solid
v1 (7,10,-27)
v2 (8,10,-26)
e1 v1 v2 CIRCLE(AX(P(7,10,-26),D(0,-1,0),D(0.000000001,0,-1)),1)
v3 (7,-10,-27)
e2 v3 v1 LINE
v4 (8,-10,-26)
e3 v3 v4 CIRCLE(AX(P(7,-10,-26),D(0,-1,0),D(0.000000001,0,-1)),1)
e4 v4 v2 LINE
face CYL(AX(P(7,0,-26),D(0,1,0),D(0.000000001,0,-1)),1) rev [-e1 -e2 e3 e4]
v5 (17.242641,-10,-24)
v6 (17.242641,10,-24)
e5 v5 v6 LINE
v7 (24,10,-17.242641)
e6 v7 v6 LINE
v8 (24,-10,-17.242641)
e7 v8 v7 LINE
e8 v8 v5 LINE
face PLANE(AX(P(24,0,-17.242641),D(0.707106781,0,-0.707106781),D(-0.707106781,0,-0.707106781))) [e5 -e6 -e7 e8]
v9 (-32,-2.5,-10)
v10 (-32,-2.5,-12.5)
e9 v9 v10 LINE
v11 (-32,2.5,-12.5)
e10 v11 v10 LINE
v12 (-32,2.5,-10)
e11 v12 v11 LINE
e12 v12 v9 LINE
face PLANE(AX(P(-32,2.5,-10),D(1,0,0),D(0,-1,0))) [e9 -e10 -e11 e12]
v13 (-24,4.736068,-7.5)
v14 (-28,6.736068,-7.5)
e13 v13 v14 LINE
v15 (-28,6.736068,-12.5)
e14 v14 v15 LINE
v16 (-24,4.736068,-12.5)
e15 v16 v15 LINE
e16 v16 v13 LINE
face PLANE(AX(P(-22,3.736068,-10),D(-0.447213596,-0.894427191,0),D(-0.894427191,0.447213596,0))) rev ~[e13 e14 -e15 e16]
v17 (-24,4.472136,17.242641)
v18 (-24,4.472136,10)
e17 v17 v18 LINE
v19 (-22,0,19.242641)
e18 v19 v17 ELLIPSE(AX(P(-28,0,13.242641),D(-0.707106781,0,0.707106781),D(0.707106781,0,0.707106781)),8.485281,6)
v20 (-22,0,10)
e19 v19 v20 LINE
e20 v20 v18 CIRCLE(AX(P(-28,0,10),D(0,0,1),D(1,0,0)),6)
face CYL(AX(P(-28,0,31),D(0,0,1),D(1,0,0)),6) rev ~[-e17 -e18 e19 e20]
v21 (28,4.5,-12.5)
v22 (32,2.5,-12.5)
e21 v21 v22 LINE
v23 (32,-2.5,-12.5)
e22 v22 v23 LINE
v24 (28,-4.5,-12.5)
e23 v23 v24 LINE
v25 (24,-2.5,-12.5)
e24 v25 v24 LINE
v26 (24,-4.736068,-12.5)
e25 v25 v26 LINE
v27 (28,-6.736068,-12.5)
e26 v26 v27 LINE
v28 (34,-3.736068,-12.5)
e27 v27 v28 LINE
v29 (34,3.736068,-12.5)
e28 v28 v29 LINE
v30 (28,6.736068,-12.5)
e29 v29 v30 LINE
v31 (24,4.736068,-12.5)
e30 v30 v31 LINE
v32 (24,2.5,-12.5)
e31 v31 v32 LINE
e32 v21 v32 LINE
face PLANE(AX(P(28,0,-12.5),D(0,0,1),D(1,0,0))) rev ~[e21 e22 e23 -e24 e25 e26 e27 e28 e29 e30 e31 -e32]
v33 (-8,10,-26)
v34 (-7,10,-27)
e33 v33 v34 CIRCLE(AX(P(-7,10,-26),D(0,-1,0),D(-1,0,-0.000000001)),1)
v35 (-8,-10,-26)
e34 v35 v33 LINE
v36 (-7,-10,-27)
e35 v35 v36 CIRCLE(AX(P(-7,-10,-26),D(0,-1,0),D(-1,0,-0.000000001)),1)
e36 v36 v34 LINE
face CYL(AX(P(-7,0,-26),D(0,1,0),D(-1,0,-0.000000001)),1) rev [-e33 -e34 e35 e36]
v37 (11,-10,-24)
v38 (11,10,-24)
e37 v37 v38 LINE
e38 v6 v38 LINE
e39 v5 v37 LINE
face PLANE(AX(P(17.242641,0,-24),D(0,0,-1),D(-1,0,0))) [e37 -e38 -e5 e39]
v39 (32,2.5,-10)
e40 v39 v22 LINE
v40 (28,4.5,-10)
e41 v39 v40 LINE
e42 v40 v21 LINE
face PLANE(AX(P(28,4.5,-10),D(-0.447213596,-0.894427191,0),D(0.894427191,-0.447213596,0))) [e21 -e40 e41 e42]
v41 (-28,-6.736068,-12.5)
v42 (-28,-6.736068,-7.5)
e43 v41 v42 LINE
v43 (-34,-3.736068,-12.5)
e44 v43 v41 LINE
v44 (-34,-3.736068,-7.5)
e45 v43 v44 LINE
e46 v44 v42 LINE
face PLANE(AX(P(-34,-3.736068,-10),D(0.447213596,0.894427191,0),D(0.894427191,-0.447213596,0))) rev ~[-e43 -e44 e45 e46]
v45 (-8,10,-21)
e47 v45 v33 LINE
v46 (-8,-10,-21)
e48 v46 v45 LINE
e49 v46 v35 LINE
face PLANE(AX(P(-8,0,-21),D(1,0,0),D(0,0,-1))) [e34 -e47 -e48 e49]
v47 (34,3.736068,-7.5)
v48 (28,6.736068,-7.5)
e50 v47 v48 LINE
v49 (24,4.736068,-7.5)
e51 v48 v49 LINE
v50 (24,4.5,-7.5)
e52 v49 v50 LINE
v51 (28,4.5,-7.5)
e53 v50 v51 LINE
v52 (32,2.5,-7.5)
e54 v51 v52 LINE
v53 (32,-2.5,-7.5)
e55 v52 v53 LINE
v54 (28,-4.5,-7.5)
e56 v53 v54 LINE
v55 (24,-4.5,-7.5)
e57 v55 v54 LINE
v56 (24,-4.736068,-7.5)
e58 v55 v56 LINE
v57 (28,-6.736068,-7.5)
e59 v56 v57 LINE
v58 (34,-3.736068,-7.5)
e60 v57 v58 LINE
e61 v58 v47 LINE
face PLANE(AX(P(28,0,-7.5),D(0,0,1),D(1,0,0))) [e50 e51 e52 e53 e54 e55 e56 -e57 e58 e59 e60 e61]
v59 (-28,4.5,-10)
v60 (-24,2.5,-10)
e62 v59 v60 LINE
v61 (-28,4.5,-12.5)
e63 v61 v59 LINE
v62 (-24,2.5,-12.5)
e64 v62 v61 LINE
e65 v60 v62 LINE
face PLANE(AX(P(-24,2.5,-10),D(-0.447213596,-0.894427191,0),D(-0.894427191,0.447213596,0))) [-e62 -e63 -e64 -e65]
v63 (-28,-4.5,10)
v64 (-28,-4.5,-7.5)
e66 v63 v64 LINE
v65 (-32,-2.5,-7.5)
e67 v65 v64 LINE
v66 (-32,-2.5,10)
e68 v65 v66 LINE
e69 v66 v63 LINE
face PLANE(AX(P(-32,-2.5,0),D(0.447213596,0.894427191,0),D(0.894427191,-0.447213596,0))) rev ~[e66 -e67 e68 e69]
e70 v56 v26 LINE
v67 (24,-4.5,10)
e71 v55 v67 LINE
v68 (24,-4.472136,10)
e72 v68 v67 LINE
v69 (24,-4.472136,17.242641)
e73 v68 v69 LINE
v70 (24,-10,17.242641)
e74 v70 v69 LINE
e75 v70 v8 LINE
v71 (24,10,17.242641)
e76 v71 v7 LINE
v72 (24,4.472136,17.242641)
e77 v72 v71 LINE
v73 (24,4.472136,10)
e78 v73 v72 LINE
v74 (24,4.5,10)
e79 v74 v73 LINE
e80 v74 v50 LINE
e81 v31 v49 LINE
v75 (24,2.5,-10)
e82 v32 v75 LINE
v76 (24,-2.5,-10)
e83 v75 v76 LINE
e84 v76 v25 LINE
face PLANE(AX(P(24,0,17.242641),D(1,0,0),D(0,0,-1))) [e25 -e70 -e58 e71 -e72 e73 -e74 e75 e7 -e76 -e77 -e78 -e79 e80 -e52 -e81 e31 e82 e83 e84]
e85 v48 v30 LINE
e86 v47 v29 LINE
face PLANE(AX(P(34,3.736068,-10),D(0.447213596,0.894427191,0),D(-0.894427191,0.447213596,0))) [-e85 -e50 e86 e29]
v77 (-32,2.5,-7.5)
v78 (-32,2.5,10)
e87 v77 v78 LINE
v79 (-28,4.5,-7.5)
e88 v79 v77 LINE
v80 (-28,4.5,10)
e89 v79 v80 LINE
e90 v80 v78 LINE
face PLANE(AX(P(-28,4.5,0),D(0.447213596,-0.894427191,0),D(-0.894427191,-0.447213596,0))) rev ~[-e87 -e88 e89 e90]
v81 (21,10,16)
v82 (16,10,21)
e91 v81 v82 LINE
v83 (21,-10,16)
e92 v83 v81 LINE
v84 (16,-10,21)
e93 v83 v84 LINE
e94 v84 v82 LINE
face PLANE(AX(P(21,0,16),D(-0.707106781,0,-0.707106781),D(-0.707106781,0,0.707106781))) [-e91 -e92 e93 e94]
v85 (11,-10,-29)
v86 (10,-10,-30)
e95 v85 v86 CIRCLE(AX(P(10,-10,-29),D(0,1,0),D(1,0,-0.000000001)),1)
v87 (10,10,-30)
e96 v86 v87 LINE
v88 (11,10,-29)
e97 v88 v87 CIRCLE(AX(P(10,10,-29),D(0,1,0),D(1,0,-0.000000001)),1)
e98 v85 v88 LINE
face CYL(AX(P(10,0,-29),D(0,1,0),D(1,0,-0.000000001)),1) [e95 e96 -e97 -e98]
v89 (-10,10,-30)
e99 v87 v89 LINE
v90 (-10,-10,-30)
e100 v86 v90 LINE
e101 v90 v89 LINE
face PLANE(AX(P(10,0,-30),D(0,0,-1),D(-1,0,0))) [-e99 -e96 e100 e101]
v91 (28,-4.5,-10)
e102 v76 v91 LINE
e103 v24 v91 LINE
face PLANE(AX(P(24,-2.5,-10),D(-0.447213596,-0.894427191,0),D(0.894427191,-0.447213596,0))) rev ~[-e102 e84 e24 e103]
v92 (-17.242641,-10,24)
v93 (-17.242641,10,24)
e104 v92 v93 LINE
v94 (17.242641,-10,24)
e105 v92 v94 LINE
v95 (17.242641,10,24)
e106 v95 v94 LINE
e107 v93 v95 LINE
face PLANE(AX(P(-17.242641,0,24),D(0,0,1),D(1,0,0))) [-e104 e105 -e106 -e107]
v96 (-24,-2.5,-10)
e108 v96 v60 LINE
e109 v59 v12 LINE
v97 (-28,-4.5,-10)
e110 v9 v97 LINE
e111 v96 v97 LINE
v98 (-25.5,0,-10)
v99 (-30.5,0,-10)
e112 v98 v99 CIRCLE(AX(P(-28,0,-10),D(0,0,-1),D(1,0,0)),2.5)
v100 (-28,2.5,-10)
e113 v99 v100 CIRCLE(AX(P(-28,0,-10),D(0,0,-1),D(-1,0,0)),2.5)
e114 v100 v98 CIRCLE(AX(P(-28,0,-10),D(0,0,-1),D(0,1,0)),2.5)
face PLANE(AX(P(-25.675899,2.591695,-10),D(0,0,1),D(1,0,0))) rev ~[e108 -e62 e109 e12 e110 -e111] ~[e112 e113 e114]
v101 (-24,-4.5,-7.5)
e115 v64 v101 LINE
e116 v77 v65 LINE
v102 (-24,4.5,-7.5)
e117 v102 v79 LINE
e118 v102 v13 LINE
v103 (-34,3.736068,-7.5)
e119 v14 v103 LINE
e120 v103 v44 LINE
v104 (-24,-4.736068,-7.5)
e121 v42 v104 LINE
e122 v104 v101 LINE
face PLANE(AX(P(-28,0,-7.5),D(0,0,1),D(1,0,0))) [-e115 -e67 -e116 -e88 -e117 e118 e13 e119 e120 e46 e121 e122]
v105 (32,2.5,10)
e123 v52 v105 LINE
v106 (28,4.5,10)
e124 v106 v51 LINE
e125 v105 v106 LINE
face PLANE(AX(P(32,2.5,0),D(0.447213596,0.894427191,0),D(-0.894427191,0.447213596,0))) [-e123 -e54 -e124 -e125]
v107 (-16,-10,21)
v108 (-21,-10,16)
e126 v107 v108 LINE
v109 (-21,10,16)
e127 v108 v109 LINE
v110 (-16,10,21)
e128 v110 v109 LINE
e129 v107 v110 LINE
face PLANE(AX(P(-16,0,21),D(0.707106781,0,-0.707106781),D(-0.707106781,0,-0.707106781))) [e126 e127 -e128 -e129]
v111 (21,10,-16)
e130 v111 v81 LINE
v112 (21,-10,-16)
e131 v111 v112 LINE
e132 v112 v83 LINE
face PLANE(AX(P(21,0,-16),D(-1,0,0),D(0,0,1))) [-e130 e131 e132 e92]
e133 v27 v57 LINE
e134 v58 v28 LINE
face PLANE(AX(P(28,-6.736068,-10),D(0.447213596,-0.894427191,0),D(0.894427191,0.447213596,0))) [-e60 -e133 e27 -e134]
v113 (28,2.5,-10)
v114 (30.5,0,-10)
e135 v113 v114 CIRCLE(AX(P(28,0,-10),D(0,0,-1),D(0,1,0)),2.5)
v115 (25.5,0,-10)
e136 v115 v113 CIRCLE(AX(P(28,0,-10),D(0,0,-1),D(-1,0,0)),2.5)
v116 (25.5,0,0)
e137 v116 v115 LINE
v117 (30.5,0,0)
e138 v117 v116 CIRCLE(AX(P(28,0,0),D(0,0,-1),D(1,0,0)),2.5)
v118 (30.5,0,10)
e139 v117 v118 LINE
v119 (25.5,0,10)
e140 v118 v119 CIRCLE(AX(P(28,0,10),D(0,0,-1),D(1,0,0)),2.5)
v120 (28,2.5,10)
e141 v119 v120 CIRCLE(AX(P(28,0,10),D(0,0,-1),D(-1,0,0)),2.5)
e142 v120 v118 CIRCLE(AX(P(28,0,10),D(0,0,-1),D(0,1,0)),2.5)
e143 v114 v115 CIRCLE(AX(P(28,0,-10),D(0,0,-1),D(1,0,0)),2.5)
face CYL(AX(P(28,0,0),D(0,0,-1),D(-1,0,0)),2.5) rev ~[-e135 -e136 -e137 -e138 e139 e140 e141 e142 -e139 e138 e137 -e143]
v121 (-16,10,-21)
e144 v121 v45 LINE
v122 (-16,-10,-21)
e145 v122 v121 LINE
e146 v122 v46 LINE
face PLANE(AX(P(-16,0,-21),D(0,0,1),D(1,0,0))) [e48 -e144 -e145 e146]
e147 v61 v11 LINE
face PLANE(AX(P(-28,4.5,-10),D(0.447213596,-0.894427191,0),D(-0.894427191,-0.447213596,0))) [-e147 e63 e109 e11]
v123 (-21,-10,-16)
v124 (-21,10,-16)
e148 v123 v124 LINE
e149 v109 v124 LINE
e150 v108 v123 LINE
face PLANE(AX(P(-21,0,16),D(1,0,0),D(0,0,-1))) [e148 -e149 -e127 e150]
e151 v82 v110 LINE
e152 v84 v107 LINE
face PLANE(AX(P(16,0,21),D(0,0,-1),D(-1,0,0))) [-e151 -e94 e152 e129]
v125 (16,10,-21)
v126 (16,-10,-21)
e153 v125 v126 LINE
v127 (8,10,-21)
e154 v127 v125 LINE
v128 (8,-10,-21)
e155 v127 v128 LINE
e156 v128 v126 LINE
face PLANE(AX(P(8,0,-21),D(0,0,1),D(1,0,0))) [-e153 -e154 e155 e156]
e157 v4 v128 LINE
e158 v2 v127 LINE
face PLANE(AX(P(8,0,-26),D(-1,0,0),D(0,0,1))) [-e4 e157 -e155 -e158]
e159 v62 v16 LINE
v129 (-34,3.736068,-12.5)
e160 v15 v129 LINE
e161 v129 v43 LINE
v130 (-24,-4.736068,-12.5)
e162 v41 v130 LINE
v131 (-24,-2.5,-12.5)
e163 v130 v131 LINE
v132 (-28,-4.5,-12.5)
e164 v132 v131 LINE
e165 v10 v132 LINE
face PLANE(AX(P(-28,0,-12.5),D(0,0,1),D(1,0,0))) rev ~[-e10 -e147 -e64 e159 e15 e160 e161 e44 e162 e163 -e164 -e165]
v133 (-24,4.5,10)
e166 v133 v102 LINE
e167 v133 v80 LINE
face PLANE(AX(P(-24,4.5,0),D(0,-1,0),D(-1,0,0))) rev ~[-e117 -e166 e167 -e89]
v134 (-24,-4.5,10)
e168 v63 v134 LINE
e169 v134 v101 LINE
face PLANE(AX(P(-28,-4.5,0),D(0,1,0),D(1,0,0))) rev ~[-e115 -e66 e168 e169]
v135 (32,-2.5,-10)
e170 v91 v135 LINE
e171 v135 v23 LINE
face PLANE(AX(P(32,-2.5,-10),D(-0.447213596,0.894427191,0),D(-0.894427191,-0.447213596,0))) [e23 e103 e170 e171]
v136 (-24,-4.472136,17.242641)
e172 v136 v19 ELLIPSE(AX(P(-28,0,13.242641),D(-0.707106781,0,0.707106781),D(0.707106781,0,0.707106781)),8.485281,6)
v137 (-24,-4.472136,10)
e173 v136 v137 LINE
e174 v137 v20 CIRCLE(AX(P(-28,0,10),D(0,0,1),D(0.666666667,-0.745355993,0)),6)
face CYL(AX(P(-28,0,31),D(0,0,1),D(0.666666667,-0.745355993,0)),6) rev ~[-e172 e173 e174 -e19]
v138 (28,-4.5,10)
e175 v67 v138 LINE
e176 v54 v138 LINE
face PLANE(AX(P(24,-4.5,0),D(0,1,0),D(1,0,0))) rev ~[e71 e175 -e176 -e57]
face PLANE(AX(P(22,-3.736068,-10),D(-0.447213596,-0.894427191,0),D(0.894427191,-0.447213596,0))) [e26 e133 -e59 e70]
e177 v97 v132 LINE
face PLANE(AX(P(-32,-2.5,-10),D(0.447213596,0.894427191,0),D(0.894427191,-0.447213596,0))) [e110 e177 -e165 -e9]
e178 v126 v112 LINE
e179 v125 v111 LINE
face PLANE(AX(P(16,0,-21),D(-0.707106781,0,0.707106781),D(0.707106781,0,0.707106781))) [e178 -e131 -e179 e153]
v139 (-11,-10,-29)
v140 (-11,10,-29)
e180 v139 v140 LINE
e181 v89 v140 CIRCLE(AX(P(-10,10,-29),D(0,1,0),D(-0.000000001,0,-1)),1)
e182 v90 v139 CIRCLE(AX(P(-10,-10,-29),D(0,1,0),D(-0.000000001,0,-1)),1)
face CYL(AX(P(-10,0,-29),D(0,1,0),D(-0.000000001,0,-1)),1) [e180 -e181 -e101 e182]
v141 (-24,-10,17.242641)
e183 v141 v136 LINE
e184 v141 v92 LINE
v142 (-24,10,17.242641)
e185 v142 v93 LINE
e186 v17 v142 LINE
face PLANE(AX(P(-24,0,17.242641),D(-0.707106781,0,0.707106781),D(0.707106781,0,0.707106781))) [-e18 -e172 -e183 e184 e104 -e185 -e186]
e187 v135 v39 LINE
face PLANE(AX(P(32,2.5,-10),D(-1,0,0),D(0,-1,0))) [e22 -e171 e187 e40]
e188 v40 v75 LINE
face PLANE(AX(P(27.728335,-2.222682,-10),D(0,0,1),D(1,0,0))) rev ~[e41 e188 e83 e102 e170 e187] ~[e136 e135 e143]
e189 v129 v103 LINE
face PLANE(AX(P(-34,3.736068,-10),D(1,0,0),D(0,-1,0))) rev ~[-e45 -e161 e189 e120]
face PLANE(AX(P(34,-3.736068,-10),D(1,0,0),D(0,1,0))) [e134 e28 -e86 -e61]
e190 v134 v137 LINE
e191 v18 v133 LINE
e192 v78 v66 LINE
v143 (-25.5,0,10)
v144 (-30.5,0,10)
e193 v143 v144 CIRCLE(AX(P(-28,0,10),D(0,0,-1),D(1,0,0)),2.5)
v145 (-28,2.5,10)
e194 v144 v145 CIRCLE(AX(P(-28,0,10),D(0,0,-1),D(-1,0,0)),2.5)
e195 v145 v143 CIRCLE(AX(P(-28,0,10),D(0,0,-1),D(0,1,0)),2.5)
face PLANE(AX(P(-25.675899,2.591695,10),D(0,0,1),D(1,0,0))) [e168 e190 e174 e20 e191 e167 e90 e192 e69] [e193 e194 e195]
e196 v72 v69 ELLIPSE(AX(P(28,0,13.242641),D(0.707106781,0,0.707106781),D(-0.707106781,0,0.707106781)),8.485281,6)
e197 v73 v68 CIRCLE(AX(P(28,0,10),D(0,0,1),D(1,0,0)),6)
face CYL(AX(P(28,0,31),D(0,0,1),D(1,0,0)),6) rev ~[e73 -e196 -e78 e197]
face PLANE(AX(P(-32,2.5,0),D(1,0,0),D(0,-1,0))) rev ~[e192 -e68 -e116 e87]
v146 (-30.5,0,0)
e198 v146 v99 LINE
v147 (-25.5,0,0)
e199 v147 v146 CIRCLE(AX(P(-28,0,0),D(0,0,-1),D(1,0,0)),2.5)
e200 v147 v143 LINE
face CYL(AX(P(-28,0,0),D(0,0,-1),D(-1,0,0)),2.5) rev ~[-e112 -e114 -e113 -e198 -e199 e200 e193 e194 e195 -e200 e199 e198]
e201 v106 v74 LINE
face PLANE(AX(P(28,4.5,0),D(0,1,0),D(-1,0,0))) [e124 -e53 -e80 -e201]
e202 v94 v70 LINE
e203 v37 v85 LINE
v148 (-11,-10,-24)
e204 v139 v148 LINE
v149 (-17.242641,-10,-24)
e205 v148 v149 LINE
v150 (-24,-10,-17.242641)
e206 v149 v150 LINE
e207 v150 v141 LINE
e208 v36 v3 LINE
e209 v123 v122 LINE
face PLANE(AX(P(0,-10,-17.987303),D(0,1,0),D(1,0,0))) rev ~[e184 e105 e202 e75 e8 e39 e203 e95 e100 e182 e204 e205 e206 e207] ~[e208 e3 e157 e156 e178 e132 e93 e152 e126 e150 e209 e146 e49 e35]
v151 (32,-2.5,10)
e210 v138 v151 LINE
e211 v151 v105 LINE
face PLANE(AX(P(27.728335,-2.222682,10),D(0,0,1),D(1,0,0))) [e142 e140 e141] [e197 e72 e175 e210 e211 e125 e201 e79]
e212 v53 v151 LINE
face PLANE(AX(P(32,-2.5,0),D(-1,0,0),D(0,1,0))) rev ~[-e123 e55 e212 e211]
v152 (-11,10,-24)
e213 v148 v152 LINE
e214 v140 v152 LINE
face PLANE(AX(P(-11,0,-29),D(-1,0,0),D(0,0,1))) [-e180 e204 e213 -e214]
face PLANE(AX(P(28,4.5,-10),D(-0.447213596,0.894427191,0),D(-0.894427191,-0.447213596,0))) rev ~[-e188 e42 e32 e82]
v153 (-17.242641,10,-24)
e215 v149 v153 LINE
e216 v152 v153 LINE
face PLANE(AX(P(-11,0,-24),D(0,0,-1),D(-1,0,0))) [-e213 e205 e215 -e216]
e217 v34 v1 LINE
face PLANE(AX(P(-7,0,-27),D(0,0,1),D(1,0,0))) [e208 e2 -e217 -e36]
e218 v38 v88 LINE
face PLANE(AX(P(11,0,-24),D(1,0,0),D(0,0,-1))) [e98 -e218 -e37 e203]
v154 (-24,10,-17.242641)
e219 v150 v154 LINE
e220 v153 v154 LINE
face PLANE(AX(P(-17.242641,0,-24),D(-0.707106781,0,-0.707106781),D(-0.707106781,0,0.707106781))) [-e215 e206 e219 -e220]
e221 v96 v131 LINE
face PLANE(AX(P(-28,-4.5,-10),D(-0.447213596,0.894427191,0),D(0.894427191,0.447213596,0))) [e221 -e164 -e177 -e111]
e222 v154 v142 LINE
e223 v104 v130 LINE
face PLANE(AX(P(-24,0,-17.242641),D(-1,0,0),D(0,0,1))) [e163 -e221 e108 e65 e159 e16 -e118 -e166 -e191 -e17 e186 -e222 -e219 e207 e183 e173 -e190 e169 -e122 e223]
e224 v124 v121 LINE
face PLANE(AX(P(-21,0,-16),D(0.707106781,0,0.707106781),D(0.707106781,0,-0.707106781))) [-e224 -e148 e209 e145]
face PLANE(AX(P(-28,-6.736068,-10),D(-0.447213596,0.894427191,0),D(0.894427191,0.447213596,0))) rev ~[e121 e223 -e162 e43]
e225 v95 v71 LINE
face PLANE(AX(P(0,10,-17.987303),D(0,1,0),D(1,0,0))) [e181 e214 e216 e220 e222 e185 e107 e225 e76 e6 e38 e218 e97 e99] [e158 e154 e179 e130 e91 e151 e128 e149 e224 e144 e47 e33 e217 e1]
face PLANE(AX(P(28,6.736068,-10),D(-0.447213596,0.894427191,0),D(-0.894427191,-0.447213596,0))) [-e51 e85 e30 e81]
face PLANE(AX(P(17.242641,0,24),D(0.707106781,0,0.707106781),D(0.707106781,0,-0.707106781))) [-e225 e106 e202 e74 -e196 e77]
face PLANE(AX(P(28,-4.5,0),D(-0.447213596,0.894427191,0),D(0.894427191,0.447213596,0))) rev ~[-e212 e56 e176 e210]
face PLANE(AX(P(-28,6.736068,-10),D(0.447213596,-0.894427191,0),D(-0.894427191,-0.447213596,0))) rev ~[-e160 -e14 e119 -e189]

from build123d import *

# Parameters (mm, degrees)
RESSALTO_EXTRUS_O1_DEPTH = 10
RESSALTO_EXTRUS_O2_DEPTH = 10
CORTE_EXTRUS_O1_START    = 21
ESBO_O4_R                = 6
ESBO_O4_R_2              = 2.5
CORTE_EXTRUS_O1_DEPTH    = 21
RESSALTO_EXTRUS_O3_DEPTH = 2.5


with BuildPart() as part:
    # Esboço1 → Ressalto-extrusão1 (new, symmetric)
    with BuildSketch(Plane(origin=(0, 0, 0), x_dir=(1, 0, 0), z_dir=(0, 1, 0))):
        with BuildLine():
            Line((21, 16), (21, 0))
            Line((21, 0), (24, 0))
            Line((24, 0), (24, 17.242640687))
            Line((24, 17.242640687), (17.242640687, 24))
            Line((17.242640687, 24), (11, 24))
            Line((11, 24), (11, 29))
            ThreePointArc((11, 29), (10.707106781, 29.707106781), (10, 30))
            Line((10, 30), (0, 30))
            Line((0, 30), (-10, 30))
            ThreePointArc((-10, 30), (-10.707106781, 29.707106781), (-11, 29))
            Line((-11, 29), (-11, 24))
            Line((-11, 24), (-17.242640687, 24))
            Line((-17.242640687, 24), (-24, 17.242640687))
            Line((-24, 17.242640687), (-24, 0))
            Line((-24, 0), (-21, 0))
            Line((-21, 0), (-21, 16))
            Line((-21, 16), (-16, 21))
            Line((-16, 21), (-8, 21))
            Line((-8, 21), (-8, 26))
            ThreePointArc((-8, 26), (-7.707106781, 26.707106781), (-7, 27))
            Line((-7, 27), (0, 27))
            Line((0, 27), (7, 27))
            ThreePointArc((7, 27), (7.707106781, 26.707106781), (8, 26))
            Line((8, 26), (8, 21))
            Line((8, 21), (16, 21))
            Line((16, 21), (21, 16))
        make_face()
        Polygon((0, -21), (0, -24), (17.242640687, -24), (24, -17.242640687), (24, 0), (21, 0), (21, -16), (16, -21), align=None)
        Polygon((-17.242640687, -24), (0, -24), (0, -21), (-16, -21), (-21, -16), (-21, 0), (-24, 0), (-24, -17.242640687), align=None)
    extrude(amount=RESSALTO_EXTRUS_O1_DEPTH, both=True)

    # Esboço2 → Ressalto-extrusão2 (add, symmetric)
    with BuildSketch(Plane.XY):
        with BuildLine():
            Line((-24, 0), (-24, 4.5))
            Line((-24, 4.5), (-28, 4.5))
            Line((-28, 4.5), (-28, 2.5))
            ThreePointArc((-28, 2.5), (-26.232233047, 1.767766953), (-25.5, 0))
            Line((-25.5, 0), (-24, 0))
        make_face()
        with BuildLine():
            Line((-28, 2.5), (-28, 4.5))
            Line((-28, 4.5), (-32, 2.5))
            Line((-32, 2.5), (-32, 0))
            Line((-32, 0), (-30.5, 0))
            ThreePointArc((-30.5, 0), (-29.767766953, 1.767766953), (-28, 2.5))
        make_face()
        with BuildLine():
            Line((-24, -4.5), (-24, 0))
            Line((-24, 0), (-25.5, 0))
            ThreePointArc((-25.5, 0), (-28, -2.5), (-30.5, 0))
            Line((-30.5, 0), (-32, 0))
            Line((-32, 0), (-32, -2.5))
            Line((-32, -2.5), (-28, -4.5))
            Line((-28, -4.5), (-24, -4.5))
        make_face()
        with BuildLine():
            Line((32, 0), (30.5, 0))
            ThreePointArc((30.5, 0), (28, -2.5), (25.5, 0))
            Line((25.5, 0), (24, 0))
            Line((24, 0), (24, -4.5))
            Line((24, -4.5), (28, -4.5))
            Line((28, -4.5), (32, -2.5))
            Line((32, -2.5), (32, 0))
        make_face()
        with BuildLine():
            Line((24, 0), (25.5, 0))
            ThreePointArc((25.5, 0), (26.232233047, 1.767766953), (28, 2.5))
            Line((28, 2.5), (28, 4.5))
            Line((28, 4.5), (24, 4.5))
            Line((24, 4.5), (24, 0))
        make_face()
        with BuildLine():
            ThreePointArc((28, 2.5), (29.767766953, 1.767766953), (30.5, 0))
            Line((30.5, 0), (32, 0))
            Line((32, 0), (32, 2.5))
            Line((32, 2.5), (28, 4.5))
            Line((28, 4.5), (28, 2.5))
        make_face()
    extrude(amount=RESSALTO_EXTRUS_O2_DEPTH, both=True)

    # Esboço4 → Corte-extrusão1 (cut)
    # profile 1 of 3: a face of its own
    with BuildSketch(Plane.XY.offset(10).offset(CORTE_EXTRUS_O1_START)):
        with BuildLine():
            Line((-24, 4.472135955), (-24, -4.472135955))
            ThreePointArc((-24, -4.472135955), (-22.522774425, -2.449489743), (-22, 0))
            ThreePointArc((-22, 0), (-22.522774425, 2.449489743), (-24, 4.472135955))
        make_face()
    # profile 2 of 3: a face of its own
    with BuildSketch(Plane.XY.offset(10).offset(CORTE_EXTRUS_O1_START)):
        with Locations((28, 0)):
            Circle(ESBO_O4_R)
        with Locations((28, 0)):
            Circle(ESBO_O4_R_2, mode=Mode.SUBTRACT)
    # profile 3 of 3: a face of its own
    with BuildSketch(Plane.XY.offset(10).offset(CORTE_EXTRUS_O1_START)):
        with Locations((28, 0)):
            Circle(ESBO_O4_R_2)
    extrude(amount=-CORTE_EXTRUS_O1_DEPTH, mode=Mode.SUBTRACT)

    # Esboço5 → Ressalto-extrusão3 (add, symmetric)
    # profile 1 of 4: a face of its own
    with BuildSketch(Plane(origin=(0, 0, -10), x_dir=(-1, 0, 0), z_dir=(0, 0, -1))):
        Polygon((-28, 6.736067977), (-22, 3.736067977), (-22, -3.736067977), (-28, -6.736067977), (-34, -3.736067977), (-34, 3.736067977), align=None)
        Polygon((-28, 4.5), (-32, 2.5), (-32, -2.5), (-28, -4.5), (-24, -4.5), (-24, 4.5), align=None, mode=Mode.SUBTRACT)
    # profile 2 of 4: a face of its own
    with BuildSketch(Plane(origin=(0, 0, -10), x_dir=(-1, 0, 0), z_dir=(0, 0, -1))):
        Polygon((-24, 4.5), (-28, 4.5), (-24, 2.5), align=None)
    # profile 3 of 4: a face of its own
    with BuildSketch(Plane(origin=(0, 0, -10), x_dir=(-1, 0, 0), z_dir=(0, 0, -1))):
        Polygon((-24, -2.5), (-28, -4.5), (-24, -4.5), align=None)
    # profile 4 of 4: a face of its own
    with BuildSketch(Plane(origin=(0, 0, -10), x_dir=(-1, 0, 0), z_dir=(0, 0, -1))):
        Polygon((28, 6.736067977), (34, 3.736067977), (34, -3.736067977), (28, -6.736067977), (22, -3.736067977), (22, 3.736067977), align=None)
        Polygon((28, 4.5), (32, 2.5), (32, -2.5), (28, -4.5), (24, -2.5), (24, 2.5), align=None, mode=Mode.SUBTRACT)
    extrude(amount=RESSALTO_EXTRUS_O3_DEPTH, both=True)


solid = part.part
